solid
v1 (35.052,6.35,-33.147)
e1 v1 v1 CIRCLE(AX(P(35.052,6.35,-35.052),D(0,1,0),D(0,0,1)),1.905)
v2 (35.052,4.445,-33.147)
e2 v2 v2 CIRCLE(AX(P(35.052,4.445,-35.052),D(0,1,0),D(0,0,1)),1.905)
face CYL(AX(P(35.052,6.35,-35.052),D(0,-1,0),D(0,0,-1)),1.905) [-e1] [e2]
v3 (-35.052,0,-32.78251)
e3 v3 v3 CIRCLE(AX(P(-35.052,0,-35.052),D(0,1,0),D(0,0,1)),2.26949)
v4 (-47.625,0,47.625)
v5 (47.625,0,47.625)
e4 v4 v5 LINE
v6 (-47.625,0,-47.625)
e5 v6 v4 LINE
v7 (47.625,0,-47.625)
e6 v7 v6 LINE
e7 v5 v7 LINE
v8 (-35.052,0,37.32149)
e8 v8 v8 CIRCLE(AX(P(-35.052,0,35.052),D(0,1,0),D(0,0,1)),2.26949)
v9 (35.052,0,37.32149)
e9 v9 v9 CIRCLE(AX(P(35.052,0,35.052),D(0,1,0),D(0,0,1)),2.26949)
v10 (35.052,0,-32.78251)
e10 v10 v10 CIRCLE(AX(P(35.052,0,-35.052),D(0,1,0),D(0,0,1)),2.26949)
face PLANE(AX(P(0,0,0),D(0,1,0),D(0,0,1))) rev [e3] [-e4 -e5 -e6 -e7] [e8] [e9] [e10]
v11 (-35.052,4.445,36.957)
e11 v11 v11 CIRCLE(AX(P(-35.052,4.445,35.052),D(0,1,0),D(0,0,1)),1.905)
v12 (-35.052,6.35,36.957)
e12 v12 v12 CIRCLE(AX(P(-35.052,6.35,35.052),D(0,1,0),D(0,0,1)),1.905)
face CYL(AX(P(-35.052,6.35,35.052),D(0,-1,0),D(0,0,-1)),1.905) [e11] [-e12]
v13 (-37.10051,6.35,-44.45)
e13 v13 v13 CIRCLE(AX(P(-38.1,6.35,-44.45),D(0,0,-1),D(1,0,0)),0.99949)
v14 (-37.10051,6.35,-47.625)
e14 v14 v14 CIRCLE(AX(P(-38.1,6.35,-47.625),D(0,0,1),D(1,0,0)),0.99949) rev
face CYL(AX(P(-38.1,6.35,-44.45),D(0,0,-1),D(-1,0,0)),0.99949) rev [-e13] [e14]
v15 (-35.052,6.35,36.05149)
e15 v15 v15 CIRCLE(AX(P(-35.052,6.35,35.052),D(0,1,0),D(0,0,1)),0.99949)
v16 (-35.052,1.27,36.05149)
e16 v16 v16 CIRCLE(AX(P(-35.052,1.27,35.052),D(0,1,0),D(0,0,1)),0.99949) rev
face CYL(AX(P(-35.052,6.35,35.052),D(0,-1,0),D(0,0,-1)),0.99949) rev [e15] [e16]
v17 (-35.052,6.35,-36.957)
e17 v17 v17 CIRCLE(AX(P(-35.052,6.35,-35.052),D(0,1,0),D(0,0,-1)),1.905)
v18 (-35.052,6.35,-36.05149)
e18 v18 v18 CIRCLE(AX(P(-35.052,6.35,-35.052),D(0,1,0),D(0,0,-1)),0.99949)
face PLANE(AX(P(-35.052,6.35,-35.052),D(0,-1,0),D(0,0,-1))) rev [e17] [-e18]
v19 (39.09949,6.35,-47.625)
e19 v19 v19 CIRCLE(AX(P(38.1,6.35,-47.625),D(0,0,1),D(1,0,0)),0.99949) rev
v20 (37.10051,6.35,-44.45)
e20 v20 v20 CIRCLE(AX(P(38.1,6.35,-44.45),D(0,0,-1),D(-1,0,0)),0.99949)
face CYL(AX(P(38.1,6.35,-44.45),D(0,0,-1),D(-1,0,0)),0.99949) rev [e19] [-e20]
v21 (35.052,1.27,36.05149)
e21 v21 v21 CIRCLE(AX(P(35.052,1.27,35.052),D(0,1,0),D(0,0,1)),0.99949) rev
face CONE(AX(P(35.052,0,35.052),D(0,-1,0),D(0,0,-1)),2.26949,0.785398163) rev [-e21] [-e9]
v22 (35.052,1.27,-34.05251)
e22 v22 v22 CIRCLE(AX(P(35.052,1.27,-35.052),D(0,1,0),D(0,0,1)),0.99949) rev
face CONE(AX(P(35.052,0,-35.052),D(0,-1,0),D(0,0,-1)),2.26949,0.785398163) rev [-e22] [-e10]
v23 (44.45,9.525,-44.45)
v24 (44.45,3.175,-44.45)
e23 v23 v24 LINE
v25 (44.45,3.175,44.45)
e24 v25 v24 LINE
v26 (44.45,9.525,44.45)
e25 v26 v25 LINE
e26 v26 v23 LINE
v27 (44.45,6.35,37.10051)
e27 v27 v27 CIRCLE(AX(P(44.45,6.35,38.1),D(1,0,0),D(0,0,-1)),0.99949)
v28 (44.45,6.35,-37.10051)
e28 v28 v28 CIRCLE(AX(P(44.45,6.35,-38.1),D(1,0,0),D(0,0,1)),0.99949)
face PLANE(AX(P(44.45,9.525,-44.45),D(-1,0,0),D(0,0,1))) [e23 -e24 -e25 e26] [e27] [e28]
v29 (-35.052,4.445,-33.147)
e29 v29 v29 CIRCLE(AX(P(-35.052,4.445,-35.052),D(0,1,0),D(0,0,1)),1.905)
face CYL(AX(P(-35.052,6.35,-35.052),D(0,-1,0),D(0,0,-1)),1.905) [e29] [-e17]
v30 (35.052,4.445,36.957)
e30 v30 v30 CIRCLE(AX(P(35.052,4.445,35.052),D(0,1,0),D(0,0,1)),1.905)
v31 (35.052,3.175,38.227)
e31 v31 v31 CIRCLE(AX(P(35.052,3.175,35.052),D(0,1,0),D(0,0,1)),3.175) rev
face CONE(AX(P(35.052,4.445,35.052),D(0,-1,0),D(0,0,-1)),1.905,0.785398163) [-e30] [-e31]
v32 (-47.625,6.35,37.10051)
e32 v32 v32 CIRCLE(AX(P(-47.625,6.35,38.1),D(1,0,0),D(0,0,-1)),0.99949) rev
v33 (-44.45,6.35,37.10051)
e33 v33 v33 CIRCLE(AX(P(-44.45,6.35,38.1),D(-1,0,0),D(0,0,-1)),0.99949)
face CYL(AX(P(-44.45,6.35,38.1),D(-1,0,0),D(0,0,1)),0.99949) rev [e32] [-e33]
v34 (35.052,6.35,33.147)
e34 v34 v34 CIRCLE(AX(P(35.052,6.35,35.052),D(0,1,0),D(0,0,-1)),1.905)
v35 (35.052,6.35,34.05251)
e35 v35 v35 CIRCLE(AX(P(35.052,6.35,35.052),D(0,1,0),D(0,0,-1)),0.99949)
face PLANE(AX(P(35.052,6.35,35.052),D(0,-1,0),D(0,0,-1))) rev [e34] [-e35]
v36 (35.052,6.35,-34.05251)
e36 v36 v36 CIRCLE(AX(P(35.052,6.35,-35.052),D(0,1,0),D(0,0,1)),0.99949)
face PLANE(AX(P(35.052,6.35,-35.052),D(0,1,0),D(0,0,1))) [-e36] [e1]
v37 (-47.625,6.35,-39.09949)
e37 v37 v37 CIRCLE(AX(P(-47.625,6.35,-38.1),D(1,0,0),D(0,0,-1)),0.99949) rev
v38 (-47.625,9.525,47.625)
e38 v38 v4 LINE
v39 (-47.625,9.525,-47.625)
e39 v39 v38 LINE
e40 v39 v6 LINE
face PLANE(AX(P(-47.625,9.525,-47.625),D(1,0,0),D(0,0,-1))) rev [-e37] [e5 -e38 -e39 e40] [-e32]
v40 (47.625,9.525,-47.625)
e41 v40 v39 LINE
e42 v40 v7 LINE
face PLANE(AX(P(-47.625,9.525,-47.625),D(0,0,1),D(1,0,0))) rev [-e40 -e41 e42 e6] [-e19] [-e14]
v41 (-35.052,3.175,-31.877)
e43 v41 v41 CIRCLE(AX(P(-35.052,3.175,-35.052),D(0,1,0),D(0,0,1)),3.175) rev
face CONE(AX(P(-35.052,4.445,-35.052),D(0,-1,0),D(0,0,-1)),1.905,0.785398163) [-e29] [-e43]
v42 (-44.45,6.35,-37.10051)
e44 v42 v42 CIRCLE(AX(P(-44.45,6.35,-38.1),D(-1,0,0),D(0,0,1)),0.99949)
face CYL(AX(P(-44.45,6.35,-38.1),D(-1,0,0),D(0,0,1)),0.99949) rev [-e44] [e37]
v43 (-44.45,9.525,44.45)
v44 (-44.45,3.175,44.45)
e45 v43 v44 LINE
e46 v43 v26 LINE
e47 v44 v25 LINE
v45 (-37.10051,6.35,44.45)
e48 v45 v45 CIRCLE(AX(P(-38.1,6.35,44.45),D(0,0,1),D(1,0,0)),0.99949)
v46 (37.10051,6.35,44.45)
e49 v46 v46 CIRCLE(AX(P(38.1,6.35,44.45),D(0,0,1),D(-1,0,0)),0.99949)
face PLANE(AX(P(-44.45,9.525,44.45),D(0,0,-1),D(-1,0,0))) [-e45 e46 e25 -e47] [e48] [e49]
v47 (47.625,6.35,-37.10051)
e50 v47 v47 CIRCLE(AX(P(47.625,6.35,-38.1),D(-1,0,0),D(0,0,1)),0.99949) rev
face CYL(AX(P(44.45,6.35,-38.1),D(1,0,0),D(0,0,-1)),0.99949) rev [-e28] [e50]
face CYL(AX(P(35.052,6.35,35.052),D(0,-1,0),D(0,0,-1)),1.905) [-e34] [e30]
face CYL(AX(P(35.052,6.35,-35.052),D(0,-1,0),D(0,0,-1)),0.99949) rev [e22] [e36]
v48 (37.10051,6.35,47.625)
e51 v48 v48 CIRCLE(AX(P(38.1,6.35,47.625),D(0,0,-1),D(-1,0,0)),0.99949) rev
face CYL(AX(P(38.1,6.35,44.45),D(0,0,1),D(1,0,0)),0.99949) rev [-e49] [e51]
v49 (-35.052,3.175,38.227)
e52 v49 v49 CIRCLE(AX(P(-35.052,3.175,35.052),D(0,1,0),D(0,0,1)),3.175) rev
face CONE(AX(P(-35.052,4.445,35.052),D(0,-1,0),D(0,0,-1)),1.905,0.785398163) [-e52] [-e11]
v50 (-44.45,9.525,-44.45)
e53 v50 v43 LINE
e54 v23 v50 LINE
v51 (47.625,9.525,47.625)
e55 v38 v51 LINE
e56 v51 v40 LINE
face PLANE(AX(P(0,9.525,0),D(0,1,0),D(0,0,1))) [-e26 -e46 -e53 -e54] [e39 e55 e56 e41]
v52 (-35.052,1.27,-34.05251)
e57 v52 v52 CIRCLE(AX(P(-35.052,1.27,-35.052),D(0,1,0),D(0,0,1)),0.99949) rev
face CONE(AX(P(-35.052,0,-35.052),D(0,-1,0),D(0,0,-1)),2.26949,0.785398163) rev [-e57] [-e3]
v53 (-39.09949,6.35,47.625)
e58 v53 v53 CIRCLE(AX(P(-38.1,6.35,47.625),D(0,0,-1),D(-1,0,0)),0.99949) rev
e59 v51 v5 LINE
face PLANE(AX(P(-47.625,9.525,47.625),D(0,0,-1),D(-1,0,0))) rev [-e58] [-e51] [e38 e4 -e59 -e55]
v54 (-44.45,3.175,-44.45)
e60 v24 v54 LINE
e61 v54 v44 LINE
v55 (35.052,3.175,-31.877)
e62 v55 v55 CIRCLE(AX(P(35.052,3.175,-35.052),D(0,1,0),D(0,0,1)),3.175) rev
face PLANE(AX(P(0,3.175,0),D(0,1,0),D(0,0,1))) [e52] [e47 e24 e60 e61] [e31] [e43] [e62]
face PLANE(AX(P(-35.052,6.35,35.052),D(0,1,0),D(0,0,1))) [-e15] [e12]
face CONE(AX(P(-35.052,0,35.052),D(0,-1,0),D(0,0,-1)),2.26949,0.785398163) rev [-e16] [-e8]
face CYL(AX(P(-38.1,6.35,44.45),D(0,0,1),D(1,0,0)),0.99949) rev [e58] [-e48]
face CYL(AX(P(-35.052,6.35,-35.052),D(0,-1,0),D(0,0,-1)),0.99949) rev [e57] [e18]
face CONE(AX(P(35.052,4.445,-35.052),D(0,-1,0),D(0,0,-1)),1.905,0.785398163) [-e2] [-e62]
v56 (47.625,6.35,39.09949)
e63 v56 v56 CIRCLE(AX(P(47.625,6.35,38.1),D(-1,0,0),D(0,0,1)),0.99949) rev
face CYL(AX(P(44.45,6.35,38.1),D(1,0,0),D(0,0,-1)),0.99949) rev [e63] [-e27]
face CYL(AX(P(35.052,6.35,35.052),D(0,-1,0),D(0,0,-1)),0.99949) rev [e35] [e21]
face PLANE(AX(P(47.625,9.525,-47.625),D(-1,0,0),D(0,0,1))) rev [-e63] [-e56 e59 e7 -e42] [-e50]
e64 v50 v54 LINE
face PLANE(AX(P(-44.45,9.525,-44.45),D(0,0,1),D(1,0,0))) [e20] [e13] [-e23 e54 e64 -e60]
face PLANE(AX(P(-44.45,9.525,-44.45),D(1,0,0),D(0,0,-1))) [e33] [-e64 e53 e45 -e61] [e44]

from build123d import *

# Parameters (mm, degrees)
SKETCH1_W           = 101.6
SKETCH1_H           = 101.6
BOSS_EXTRUDE1_DEPTH = 3.175
SKETCH2_W           = 101.6
SKETCH2_H           = 101.6
SKETCH2_W_2         = 88.9
SKETCH2_H_2         = 88.9
BOSS_EXTRUDE2_DEPTH = 6.35
SKETCH3_R           = 0.99949
CUT_EXTRUDE1_DEPTH  = 6.35
CIRPATTERN1_COUNT   = 4
SKETCH4_W           = 101.6
SKETCH4_H           = 101.6
SKETCH4_W_2         = 95.25
SKETCH4_H_2         = 95.25
CUT_EXTRUDE2_DEPTH  = 9.525
SKETCH5_R           = 1.905
SKETCH5_R_2         = 0.99949
BOSS_EXTRUDE3_DEPTH = 3.175
SKETCH6_R           = 0.99949
CUT_EXTRUDE3_DEPTH  = 7.35
CHAMFER1_SIZE       = 1.27
CHAMFER2_SIZE       = 1.27


with BuildPart() as part:
    # Sketch1 → Boss-Extrude1 (new body)
    with BuildSketch(Plane(origin=(0, 0, 0), x_dir=(1, 0, 0), z_dir=(0, 1, 0))):
        Rectangle(SKETCH1_W, SKETCH1_H)
    extrude(amount=BOSS_EXTRUDE1_DEPTH)

    # Sketch2 → Boss-Extrude2 (add)
    with BuildSketch(Plane(origin=(0, 3.175, 0), x_dir=(1, 0, 0), z_dir=(0, 1, 0))):
        Rectangle(SKETCH2_W, SKETCH2_H)
        Rectangle(SKETCH2_W_2, SKETCH2_H_2, mode=Mode.SUBTRACT)
    extrude(amount=BOSS_EXTRUDE2_DEPTH)

    # Sketch3 → Cut-Extrude1 (cut)
    with BuildSketch(Plane.XY.offset(50.8)):
        with Locations((-38.1, 6.35)):
            Circle(SKETCH3_R)
        with Locations((38.1, 6.35)):
            Circle(SKETCH3_R)
    cut_extrude1 = extrude(amount=-CUT_EXTRUDE1_DEPTH, mode=Mode.SUBTRACT)

    # CirPattern1: Cut-Extrude1 ×4 about axis
    cirpattern1_axis = Axis((0, 10.00125, 0), (0, -1, 0))
    for i in range(1, CIRPATTERN1_COUNT):
        add(cut_extrude1.rotate(cirpattern1_axis, i * 360 / CIRPATTERN1_COUNT), mode=Mode.SUBTRACT)

    # Sketch4 → Cut-Extrude2 (cut)
    with BuildSketch(Plane(origin=(0, 0, 0), x_dir=(1, 0, 0), z_dir=(0, 1, 0))):
        Rectangle(SKETCH4_W, SKETCH4_H)
        Rectangle(SKETCH4_W_2, SKETCH4_H_2, mode=Mode.SUBTRACT)
    extrude(amount=CUT_EXTRUDE2_DEPTH, mode=Mode.SUBTRACT)

    # Sketch5 → Boss-Extrude3 (add)
    with BuildSketch(Plane(origin=(0, 3.175, 0), x_dir=(1, 0, 0), z_dir=(0, 1, 0))):
        with Locations((-35.052, -35.052)):
            Circle(SKETCH5_R)
        with Locations((-35.052, -35.052)):
            Circle(SKETCH5_R_2, mode=Mode.SUBTRACT)
        with Locations((35.052, -35.052)):
            Circle(SKETCH5_R)
        with Locations((35.052, -35.052)):
            Circle(SKETCH5_R_2, mode=Mode.SUBTRACT)
        with Locations((35.052, 35.052)):
            Circle(SKETCH5_R)
        with Locations((35.052, 35.052)):
            Circle(SKETCH5_R_2, mode=Mode.SUBTRACT)
        with Locations((-35.052, 35.052)):
            Circle(SKETCH5_R)
        with Locations((-35.052, 35.052)):
            Circle(SKETCH5_R_2, mode=Mode.SUBTRACT)
    extrude(amount=BOSS_EXTRUDE3_DEPTH)

    # Sketch6 → Cut-Extrude3 (cut, through all)
    with BuildSketch(Plane(origin=(0, 6.35, 0), x_dir=(1, 0, 0), z_dir=(0, 1, 0))):
        with Locations((-35.052, 35.052)):
            Circle(SKETCH6_R)
        with Locations((35.052, 35.052)):
            Circle(SKETCH6_R)
        with Locations((35.052, -35.052)):
            Circle(SKETCH6_R)
        with Locations((-35.052, -35.052)):
            Circle(SKETCH6_R)
    extrude(amount=-CUT_EXTRUDE3_DEPTH, mode=Mode.SUBTRACT)

    # Chamfer1
    chamfer1_edges = [part.edges().sort_by_distance(p)[0] for p in [
        (-36.05149, 0, 35.052),
        (34.05251, 0, 35.052),
        (34.05251, 0, -35.052),
        (-36.05149, 0, -35.052),
    ]]
    chamfer(chamfer1_edges, length=CHAMFER1_SIZE)

    # Chamfer2
    chamfer2_edges = [part.edges().sort_by_distance(p)[0] for p in [
        (-36.957, 3.175, 35.052),
        (33.147, 3.175, 35.052),
        (33.147, 3.175, -35.052),
        (-36.957, 3.175, -35.052),
    ]]
    chamfer(chamfer2_edges, length=CHAMFER2_SIZE)


solid = part.part
